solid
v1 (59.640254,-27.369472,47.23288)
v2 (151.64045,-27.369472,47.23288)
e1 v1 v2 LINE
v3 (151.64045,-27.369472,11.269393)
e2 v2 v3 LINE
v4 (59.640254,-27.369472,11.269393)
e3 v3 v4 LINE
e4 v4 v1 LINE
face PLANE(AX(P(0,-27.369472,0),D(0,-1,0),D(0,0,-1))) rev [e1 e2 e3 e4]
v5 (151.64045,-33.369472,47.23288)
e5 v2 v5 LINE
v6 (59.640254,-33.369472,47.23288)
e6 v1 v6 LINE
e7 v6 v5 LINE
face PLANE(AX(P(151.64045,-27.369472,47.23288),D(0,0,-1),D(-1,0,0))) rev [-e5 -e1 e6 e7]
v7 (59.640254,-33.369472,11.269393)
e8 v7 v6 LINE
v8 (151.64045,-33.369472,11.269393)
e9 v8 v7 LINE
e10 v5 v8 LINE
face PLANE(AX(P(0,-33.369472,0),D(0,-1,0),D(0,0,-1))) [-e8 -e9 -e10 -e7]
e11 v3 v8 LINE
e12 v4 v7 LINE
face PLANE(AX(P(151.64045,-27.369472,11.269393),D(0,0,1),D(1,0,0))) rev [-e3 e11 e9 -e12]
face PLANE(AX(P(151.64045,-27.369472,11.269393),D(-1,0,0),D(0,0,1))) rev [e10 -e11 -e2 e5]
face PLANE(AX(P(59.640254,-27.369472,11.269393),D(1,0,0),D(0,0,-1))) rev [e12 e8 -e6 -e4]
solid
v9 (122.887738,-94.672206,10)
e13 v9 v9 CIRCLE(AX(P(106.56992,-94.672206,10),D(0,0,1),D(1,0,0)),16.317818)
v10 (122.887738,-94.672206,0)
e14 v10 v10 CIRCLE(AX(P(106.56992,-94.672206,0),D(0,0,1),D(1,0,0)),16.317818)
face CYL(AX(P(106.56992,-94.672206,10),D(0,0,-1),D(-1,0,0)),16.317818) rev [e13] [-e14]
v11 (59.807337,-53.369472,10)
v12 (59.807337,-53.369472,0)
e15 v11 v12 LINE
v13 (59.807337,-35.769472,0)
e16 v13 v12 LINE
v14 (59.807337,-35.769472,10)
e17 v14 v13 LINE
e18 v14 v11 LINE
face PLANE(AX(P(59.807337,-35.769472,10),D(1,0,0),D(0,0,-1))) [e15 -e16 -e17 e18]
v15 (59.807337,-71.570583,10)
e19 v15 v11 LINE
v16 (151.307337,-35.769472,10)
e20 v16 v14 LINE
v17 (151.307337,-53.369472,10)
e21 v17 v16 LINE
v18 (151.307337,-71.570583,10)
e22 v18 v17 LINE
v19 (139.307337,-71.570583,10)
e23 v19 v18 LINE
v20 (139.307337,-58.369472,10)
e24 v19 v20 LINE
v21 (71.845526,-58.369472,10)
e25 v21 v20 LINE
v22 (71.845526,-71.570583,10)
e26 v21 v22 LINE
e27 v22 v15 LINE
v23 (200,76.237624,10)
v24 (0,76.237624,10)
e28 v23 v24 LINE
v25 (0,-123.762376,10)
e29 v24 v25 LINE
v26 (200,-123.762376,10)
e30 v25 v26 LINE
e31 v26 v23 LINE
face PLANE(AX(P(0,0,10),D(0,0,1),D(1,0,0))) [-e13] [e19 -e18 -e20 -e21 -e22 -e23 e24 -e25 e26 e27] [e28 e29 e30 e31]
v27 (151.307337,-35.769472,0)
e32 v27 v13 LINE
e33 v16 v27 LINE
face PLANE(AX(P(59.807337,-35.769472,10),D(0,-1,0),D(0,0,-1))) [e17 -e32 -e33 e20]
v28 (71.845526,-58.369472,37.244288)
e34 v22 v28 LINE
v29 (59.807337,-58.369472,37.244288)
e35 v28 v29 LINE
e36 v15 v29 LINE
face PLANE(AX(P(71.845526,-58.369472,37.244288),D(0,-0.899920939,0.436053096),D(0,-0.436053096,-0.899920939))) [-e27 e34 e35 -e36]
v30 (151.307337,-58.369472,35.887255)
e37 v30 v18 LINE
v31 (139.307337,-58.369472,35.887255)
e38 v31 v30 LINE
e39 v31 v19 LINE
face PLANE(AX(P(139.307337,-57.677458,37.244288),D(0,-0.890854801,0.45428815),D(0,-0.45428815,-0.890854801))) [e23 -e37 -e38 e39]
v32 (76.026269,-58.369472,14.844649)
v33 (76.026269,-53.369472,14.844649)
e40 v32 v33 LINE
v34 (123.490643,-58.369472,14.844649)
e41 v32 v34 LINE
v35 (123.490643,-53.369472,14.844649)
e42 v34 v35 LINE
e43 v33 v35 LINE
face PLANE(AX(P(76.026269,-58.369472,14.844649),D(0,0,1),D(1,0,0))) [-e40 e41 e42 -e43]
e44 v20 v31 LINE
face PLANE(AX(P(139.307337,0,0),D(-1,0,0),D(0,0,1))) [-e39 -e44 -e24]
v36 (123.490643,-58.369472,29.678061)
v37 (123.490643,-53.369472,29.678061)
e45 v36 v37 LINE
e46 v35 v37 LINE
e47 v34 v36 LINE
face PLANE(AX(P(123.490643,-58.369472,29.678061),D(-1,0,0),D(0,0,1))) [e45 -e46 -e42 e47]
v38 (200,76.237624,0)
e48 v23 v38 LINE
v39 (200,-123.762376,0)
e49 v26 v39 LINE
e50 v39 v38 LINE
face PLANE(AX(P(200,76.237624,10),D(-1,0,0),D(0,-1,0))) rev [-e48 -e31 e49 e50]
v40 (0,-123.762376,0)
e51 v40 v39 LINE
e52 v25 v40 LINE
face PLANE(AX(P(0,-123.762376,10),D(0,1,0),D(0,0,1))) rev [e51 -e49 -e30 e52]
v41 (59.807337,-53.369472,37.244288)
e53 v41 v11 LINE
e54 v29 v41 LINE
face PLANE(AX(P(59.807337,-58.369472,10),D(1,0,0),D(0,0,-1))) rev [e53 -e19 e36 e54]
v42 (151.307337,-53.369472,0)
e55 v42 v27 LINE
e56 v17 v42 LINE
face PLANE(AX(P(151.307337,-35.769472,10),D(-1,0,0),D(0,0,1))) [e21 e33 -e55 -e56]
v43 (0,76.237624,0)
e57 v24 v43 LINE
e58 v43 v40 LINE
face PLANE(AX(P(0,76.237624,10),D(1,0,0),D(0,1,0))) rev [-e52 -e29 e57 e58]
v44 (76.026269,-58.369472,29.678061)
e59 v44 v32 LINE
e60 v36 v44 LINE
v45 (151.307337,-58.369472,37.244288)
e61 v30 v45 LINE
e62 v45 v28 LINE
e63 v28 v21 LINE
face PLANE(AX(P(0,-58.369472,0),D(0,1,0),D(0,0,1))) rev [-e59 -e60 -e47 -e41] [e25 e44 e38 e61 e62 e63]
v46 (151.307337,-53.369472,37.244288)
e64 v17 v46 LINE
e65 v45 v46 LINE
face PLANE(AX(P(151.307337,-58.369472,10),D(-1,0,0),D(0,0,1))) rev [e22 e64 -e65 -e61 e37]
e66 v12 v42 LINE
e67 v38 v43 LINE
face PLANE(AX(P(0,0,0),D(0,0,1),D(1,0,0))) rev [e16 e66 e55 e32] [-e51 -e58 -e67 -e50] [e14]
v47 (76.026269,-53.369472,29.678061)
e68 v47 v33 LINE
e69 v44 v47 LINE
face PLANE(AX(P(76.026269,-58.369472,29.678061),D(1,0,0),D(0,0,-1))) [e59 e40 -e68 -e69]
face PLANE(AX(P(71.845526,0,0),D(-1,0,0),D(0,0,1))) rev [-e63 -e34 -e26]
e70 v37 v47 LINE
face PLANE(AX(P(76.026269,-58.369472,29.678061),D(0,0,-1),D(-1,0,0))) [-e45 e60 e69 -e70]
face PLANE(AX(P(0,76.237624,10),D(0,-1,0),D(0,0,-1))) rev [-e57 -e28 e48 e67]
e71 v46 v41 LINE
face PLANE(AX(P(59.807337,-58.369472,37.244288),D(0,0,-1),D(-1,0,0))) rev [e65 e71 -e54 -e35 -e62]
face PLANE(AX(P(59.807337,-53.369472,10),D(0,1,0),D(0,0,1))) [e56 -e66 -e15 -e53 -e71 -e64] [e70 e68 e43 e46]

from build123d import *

# Parameters (mm, degrees)
SKETCH1_W            = 200
SKETCH1_H            = 200
SKETCH1_R            = 16.317818037
SKETCH1_W_2          = 91.5
SKETCH1_H_2          = 17.6
BOSS_EXTRUDE1_DEPTH  = 10
SKETCH2_W            = 91.5
SKETCH2_H            = 27.244287947
SKETCH2_W_2          = 47.464374426
SKETCH2_H_2          = 14.833412225
BOSS_EXTRUDE2_DEPTH  = 5
BOSS_EXTRUDE3_DEPTH  = 12.038189492
BOSS_EXTRUDE4_DEPTH  = 12
SKETCH8_W            = 92.000196745
SKETCH8_H            = 35.96348769
BOSS_EXTRUDE10_DEPTH = 6


with BuildPart() as part:
    # Sketch1 → Boss-Extrude1 (new body)
    with BuildSketch(Plane.XY):
        with Locations((100, -23.762376238)):
            Rectangle(SKETCH1_W, SKETCH1_H)
        with Locations((106.569920284, -94.672205515)):
            Circle(SKETCH1_R, mode=Mode.SUBTRACT)
        with Locations((105.557336771, -44.56947193)):
            Rectangle(SKETCH1_W_2, SKETCH1_H_2, mode=Mode.SUBTRACT)
    extrude(amount=BOSS_EXTRUDE1_DEPTH)

    # Sketch2 → Boss-Extrude2 (add)
    with BuildSketch(Plane.XZ.offset(53.36947193)):
        with Locations((105.557336771, 23.622143974)):
            Rectangle(SKETCH2_W, SKETCH2_H)
        with Locations((99.758455932, 22.261354849)):
            Rectangle(SKETCH2_W_2, SKETCH2_H_2, mode=Mode.SUBTRACT)
    extrude(amount=BOSS_EXTRUDE2_DEPTH)

    # Sketch5 → Boss-Extrude3 (add)
    with BuildSketch(Plane.ZY.offset(-59.807336771)):
        Polygon((37.244287947, -58.36947193), (10, -71.570582827), (10, -58.36947193), align=None)
    extrude(amount=-BOSS_EXTRUDE3_DEPTH)

    # Sketch6 → Boss-Extrude4 (add)
    with BuildSketch(Plane(origin=(151.307336771, 0, 0), x_dir=(0, 0, -1), z_dir=(1, 0, 0))):
        Polygon((-37.244287947, -57.677457741), (-10, -71.570582827), (-10, -58.36947193), align=None)
    extrude(amount=-BOSS_EXTRUDE4_DEPTH)


with BuildPart() as body_2:
    # Sketch8 → Boss-Extrude10 (new body)
    with BuildSketch(Plane(origin=(0, -33.36947193, 0), x_dir=(1, 0, 0), z_dir=(0, 1, 0))):
        with Locations((105.640351876, -29.251136539)):
            Rectangle(SKETCH8_W, SKETCH8_H)
    extrude(amount=BOSS_EXTRUDE10_DEPTH)


solid = Compound([part.part, body_2.part])
